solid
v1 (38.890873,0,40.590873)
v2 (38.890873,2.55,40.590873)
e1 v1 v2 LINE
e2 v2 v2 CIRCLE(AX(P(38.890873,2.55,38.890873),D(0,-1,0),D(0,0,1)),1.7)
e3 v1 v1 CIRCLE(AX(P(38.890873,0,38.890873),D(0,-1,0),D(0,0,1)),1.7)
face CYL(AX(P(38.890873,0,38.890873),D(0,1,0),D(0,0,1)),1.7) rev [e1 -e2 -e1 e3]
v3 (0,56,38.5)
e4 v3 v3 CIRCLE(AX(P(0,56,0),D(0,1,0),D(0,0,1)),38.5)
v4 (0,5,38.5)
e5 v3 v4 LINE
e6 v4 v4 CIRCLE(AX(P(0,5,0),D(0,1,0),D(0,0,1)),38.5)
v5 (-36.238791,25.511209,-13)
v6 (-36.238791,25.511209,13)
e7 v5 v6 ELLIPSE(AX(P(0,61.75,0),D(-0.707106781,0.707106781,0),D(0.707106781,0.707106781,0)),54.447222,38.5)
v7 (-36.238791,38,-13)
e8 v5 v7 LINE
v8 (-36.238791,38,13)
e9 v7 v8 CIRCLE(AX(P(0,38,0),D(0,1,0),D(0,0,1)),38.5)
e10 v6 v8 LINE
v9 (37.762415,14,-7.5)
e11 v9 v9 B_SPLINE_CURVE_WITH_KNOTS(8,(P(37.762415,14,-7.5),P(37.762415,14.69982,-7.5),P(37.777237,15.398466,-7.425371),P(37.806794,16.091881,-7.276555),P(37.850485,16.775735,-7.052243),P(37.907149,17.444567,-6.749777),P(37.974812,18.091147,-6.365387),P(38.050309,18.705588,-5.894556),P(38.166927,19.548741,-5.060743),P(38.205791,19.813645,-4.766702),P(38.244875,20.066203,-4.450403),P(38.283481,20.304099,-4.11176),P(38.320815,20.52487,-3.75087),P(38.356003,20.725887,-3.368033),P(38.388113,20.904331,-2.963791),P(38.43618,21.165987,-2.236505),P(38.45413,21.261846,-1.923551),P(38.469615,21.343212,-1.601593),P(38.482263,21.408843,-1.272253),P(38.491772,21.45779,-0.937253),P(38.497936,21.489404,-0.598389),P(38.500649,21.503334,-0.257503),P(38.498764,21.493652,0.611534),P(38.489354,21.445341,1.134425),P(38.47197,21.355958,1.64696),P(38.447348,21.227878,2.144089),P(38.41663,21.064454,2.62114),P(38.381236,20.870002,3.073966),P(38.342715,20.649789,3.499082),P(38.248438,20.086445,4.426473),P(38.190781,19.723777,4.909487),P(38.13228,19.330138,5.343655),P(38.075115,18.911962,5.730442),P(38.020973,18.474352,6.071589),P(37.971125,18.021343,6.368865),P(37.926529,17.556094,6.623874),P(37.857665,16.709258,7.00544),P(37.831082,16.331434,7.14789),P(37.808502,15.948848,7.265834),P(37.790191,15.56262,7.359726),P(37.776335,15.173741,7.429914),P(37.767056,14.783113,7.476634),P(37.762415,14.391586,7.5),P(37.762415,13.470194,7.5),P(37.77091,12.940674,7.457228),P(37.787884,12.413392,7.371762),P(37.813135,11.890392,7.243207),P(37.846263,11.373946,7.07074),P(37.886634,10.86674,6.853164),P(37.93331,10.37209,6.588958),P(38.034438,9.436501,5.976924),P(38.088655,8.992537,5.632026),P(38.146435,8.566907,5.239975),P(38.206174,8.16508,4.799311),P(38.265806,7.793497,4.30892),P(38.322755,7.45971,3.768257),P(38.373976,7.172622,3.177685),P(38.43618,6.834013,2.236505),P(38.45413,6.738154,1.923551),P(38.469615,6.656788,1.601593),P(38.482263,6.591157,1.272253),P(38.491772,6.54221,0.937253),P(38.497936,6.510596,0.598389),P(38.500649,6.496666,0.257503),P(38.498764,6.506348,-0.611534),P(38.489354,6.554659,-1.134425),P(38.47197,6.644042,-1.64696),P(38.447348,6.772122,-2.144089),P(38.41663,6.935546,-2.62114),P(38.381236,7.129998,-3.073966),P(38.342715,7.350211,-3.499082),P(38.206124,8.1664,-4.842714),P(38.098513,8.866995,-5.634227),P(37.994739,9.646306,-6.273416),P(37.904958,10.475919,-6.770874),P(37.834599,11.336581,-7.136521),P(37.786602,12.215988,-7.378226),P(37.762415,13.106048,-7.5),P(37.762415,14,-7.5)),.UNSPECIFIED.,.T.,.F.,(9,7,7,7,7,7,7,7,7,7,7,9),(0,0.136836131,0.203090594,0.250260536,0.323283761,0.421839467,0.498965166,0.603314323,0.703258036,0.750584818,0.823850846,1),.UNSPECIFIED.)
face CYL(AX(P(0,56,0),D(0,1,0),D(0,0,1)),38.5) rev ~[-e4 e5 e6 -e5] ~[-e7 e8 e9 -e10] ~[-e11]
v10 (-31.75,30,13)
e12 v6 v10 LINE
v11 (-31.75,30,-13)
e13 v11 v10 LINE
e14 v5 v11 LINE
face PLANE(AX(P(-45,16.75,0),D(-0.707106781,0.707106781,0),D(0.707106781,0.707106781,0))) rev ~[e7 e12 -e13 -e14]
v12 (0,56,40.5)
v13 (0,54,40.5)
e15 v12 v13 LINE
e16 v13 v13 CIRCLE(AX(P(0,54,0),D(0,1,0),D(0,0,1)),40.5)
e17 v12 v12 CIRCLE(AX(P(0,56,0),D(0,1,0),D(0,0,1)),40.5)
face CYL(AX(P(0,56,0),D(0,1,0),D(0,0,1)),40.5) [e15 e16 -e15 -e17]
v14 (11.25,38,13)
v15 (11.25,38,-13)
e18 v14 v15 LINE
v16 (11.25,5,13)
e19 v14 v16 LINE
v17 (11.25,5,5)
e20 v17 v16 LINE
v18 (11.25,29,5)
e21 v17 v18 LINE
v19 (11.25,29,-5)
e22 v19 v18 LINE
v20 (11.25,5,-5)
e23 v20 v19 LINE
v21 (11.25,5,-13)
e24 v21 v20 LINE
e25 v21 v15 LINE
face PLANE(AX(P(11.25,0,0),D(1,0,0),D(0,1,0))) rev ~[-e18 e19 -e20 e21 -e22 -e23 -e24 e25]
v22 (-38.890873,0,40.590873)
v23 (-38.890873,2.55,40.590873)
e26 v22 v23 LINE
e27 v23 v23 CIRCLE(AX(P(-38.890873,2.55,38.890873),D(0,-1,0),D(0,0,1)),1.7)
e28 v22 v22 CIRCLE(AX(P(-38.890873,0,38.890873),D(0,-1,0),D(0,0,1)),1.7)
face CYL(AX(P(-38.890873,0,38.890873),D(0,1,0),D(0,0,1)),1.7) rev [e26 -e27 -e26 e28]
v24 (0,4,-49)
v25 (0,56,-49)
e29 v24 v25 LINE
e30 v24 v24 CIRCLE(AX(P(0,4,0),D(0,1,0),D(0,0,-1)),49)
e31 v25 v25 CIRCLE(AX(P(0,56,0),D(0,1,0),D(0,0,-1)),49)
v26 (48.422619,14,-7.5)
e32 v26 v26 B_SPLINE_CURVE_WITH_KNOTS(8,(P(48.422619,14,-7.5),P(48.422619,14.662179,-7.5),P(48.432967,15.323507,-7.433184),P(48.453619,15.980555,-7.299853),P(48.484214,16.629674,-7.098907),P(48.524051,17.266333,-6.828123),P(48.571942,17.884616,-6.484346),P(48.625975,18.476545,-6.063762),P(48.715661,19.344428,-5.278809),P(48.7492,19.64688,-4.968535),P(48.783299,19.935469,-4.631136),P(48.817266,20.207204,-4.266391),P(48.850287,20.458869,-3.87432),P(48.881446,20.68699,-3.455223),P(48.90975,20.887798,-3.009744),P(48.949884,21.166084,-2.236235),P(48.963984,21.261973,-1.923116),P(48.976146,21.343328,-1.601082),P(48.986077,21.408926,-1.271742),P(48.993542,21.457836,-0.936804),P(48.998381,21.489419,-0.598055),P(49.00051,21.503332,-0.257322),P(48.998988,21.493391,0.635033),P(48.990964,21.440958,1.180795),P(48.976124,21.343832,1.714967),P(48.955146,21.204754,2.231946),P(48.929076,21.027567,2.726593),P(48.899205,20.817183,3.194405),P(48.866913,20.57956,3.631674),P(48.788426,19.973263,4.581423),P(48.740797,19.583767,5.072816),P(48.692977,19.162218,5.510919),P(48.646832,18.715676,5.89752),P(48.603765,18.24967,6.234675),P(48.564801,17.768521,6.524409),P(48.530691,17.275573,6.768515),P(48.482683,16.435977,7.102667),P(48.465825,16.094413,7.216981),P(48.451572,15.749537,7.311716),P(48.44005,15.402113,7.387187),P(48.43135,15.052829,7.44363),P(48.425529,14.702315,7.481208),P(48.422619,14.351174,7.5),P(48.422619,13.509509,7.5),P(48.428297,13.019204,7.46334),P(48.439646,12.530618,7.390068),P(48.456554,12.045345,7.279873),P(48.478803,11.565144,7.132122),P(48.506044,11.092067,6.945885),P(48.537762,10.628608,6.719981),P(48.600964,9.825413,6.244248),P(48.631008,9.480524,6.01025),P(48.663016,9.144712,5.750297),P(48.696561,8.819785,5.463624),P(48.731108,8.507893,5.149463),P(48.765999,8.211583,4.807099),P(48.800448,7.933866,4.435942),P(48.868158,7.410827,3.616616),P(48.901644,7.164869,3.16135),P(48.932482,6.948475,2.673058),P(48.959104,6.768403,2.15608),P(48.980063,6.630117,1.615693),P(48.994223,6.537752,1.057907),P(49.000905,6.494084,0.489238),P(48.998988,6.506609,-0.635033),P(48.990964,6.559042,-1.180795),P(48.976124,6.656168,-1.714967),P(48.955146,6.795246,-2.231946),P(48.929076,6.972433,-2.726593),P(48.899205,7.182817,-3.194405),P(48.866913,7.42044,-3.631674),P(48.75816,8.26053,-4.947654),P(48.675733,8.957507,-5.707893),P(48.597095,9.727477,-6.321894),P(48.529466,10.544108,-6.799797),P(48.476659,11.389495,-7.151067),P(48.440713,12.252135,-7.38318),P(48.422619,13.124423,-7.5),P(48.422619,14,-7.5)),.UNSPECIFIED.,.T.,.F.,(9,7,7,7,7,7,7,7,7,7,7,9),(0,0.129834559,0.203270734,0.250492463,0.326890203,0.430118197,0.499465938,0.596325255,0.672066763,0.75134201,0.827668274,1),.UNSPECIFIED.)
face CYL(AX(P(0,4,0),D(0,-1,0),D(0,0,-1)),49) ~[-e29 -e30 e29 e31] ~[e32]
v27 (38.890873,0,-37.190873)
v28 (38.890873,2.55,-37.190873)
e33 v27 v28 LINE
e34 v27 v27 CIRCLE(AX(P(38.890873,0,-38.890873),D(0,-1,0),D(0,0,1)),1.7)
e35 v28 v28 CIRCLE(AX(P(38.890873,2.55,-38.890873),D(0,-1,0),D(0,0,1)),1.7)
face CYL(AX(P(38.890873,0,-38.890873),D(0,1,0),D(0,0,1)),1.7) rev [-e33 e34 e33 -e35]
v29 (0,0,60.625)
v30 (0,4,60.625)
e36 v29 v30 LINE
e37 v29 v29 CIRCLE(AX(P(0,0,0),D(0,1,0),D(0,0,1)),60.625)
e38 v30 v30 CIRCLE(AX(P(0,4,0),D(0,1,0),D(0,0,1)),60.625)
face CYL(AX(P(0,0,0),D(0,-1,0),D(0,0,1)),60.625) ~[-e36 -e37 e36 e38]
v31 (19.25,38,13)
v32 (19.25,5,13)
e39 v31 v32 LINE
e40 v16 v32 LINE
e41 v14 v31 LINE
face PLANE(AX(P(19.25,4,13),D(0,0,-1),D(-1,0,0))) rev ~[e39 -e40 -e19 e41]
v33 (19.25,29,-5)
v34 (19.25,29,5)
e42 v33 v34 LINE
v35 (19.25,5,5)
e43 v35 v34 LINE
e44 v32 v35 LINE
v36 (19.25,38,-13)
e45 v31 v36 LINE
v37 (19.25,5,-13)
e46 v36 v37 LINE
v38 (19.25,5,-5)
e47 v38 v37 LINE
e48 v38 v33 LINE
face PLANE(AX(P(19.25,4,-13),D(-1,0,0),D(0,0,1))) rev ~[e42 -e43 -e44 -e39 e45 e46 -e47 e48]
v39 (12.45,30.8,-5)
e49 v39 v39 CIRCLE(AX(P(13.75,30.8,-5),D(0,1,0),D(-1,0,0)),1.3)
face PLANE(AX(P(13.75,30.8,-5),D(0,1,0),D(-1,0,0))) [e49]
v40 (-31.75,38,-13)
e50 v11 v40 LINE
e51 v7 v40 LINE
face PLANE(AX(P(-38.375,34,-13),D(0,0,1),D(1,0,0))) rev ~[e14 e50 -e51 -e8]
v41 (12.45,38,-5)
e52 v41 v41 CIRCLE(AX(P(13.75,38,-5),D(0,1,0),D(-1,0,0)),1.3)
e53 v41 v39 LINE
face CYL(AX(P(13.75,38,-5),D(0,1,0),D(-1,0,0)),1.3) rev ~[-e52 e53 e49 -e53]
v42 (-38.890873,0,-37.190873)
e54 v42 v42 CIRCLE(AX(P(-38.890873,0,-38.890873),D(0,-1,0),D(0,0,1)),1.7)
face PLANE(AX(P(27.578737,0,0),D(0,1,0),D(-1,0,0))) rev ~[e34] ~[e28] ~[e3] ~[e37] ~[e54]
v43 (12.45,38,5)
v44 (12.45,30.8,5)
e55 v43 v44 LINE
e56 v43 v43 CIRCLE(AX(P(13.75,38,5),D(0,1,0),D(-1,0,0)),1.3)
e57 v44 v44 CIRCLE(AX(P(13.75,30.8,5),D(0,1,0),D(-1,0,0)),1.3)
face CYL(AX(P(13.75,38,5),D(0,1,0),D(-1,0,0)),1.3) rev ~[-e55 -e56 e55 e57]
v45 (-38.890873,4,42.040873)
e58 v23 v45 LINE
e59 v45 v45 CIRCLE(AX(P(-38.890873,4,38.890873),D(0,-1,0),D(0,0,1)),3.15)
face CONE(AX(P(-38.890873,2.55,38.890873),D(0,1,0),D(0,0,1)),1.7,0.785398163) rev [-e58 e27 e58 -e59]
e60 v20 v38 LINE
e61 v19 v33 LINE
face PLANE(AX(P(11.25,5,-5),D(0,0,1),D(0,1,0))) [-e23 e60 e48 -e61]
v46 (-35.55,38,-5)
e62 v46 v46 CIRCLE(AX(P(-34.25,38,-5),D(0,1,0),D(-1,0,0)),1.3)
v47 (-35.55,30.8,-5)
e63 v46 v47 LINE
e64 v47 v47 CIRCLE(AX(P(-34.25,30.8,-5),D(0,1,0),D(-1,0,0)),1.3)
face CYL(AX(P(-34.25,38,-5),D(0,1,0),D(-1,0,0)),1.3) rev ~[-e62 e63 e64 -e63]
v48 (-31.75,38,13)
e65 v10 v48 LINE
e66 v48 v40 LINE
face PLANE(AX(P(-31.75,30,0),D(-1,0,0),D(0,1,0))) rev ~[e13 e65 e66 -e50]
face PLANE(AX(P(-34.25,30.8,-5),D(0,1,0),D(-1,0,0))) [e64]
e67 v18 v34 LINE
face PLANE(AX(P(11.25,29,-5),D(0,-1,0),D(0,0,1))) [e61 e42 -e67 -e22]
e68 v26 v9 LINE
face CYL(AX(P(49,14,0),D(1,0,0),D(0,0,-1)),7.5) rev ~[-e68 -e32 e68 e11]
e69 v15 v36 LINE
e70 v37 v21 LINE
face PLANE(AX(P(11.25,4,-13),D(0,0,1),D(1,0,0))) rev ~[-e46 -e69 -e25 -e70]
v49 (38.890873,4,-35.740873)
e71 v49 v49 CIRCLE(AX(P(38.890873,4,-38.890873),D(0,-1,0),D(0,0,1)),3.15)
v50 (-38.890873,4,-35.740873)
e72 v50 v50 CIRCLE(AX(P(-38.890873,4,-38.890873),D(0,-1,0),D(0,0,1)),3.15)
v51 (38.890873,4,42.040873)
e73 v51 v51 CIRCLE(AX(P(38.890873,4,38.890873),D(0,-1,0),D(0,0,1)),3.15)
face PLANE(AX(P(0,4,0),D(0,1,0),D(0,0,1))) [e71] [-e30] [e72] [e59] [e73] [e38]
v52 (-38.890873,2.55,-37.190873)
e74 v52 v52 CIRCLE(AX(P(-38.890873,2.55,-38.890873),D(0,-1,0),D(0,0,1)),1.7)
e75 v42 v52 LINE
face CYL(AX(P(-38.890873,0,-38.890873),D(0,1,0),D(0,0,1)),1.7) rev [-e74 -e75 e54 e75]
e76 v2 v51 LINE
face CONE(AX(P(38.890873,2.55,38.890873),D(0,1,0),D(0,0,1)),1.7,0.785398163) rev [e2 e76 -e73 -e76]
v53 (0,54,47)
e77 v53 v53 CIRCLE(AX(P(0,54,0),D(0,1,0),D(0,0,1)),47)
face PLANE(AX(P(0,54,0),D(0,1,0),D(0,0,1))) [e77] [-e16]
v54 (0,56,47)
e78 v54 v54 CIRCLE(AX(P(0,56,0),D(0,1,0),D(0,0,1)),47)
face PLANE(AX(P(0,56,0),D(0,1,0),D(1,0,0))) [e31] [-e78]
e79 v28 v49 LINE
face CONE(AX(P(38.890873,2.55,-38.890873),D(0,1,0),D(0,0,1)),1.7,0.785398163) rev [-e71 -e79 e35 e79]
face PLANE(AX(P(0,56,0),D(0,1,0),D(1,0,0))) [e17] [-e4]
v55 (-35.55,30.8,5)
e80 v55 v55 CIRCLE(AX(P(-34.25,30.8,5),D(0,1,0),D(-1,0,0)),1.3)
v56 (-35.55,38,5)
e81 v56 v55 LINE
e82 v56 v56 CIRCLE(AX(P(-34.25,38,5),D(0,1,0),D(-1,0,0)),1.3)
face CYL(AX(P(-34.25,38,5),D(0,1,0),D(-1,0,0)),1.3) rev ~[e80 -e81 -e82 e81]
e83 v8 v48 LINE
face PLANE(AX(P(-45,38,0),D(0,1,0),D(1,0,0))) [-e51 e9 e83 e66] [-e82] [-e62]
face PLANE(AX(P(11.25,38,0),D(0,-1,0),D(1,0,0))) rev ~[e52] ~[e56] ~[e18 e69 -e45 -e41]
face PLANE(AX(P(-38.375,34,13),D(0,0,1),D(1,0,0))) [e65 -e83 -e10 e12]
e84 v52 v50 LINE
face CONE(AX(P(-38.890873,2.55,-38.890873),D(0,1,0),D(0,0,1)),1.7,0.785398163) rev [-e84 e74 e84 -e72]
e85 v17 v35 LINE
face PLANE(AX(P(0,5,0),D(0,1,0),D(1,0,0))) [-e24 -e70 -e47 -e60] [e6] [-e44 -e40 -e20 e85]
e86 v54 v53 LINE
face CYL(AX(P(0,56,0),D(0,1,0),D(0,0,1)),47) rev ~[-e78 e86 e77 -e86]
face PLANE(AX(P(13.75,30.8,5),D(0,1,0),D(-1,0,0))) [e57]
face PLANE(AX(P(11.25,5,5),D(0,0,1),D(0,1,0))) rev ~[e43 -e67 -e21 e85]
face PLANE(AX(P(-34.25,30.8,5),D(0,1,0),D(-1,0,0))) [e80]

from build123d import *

# Parameters (mm, degrees)
SKETCH1_R                                    = 60.625
SKETCH1_R_2                                  = 45
BOSS_EXTRUDE1_DEPTH                          = 4
SKETCH2_R                                    = 49
SKETCH2_R_2                                  = 45
BOSS_EXTRUDE2_DEPTH                          = 52
SKETCH4_W                                    = 13.25
SKETCH4_H                                    = 8
SKETCH4_W_2                                  = 8
SKETCH4_H_2                                  = 38
BOSS_EXTRUDE4_DEPTH                          = 13
BOSS_EXTRUDE5_DEPTH                          = 4
BOSS_EXTRUDE6_REACH                          = 104.405
SKETCH18_R                                   = 45.113728165
SKETCH18_R_2                                 = 38.5
SKETCH7_R                                    = 1.3
CUT_EXTRUDE4_DEPTH                           = 7.2
SKETCH9_W                                    = 10
SKETCH9_H                                    = 24
CUT_EXTRUDE7_DEPTH                           = 8
SKETCH11_R                                   = 7.5
CUT_EXTRUDE8_DEPTH                           = 20
CUT_EXTRUDE9_DEPTH                           = 101.273532203
CSK_FOR_M3_COUNTERSUNK_FLAT_HEAD_SCR_2_COUNT = 2
CSK_FOR_M3_COUNTERSUNK_FLAT_HEAD_SCR_2_PITCH = 77.781745931
CSK_FOR_M3_COUNTERSUNK_FLAT_HEAD_SCR_3_COUNT = 2
CSK_FOR_M3_COUNTERSUNK_FLAT_HEAD_SCR_3_PITCH = 110
CSK_FOR_M3_COUNTERSUNK_FLAT_HEAD_SCR_4_COUNT = 2
CSK_FOR_M3_COUNTERSUNK_FLAT_HEAD_SCR_4_PITCH = 77.781745931
SKETCH20_R                                   = 38.708370422
BOSS_EXTRUDE7_DEPTH                          = 5
SKETCH21_R                                   = 47
SKETCH21_R_2                                 = 40.5
CUT_EXTRUDE10_DEPTH                          = 2


with BuildPart() as part:
    # Sketch1 → Boss-Extrude1 (new body)
    with BuildSketch(Plane(origin=(0, 0, 0), x_dir=(1, 0, 0), z_dir=(0, 1, 0))):
        with Locations(Location((0, 0, 0), (0, 0, 270))):
            Circle(SKETCH1_R)
        with Locations(Location((0, 0, 0), (0, 0, 270))):
            Circle(SKETCH1_R_2, mode=Mode.SUBTRACT)
    extrude(amount=BOSS_EXTRUDE1_DEPTH)

    # Sketch2 → Boss-Extrude2 (add)
    with BuildSketch(Plane(origin=(0, 4, 0), x_dir=(1, 0, 0), z_dir=(0, 1, 0))):
        with Locations(Location((0, 0, 0), (0, 0, 90))):
            Circle(SKETCH2_R)
        with Locations(Location((0, 0, 0), (0, 0, 270))):
            Circle(SKETCH2_R_2, mode=Mode.SUBTRACT)
    extrude(amount=BOSS_EXTRUDE2_DEPTH)

    # Sketch4 → Boss-Extrude4 (add, symmetric)
    with BuildSketch(Plane.XY):
        with Locations((-38.375, 34)):
            Rectangle(SKETCH4_W, SKETCH4_H)
        Polygon((-31.75, 30), (-45, 30), (-45, 16.75), align=None)
        with Locations((15.25, 19)):
            Rectangle(SKETCH4_W_2, SKETCH4_H_2)
    extrude(amount=BOSS_EXTRUDE4_DEPTH, both=True)


with BuildPart() as boss_extrude4_piece_1:
    # of the separate pieces the step leaves, piece 1, a body of its own (boss_extrude4_pieces)
    add(part.part.solids().sort_by_distance((0, 0, 60.625))[0])



with BuildPart() as boss_extrude4_piece_2:
    # of the separate pieces the step leaves, piece 2, a body of its own (boss_extrude4_pieces)
    add(part.part.solids().sort_by_distance((11.25, 38, -13))[0])


with BuildPart() as boss_extrude4_piece_1_1:
    add(boss_extrude4_piece_1.part)

    add(boss_extrude4_piece_2.part)  # Boss-Extrude5 merges Boss-Extrude4 piece 2
    # Sketch5 → Boss-Extrude5 (add)
    with BuildSketch(Plane.XZ):
        with BuildLine():
            Line((11.25, 13), (29.067400866, 34.352382842))
            ThreePointArc((29.067400866, 34.352382842), (45, 0), (29.067400866, -34.352382842))
            Line((29.067400866, -34.352382842), (11.25, -13))
            Line((11.25, -13), (11.25, 13))
        make_face()
    extrude(amount=-BOSS_EXTRUDE5_DEPTH)

    # Boss-Extrude6: up to this face of the body (flat: up to its plane)
    boss_extrude6_end = Plane(boss_extrude4_piece_1_1.part.faces().sort_by_distance((12.964733944, 0, 0))[0])
    # Sketch18 → Boss-Extrude6 (add, up to the picked face)
    with BuildSketch(Plane(origin=(0, 56, 0), x_dir=(1, 0, 0), z_dir=(0, 1, 0)), mode=Mode.PRIVATE) as boss_extrude6_sk1:
        Circle(SKETCH18_R)
        with Locations(Location((0, 0, 0), (0, 0, 270))):
            Circle(SKETCH18_R_2, mode=Mode.SUBTRACT)
    boss_extrude6_tool1 = split(extrude(boss_extrude6_sk1.sketch, amount=-BOSS_EXTRUDE6_REACH, mode=Mode.PRIVATE), bisect_by=boss_extrude6_end, keep=Keep.BOTH, mode=Mode.PRIVATE)
    add(boss_extrude6_tool1.solids().sort_by(Axis((-43.837719, 56, 0), (0, -1, 0)))[0])

    # Sketch7 → Cut-Extrude4 (cut)
    with BuildSketch(Plane(origin=(0, 38, 0), x_dir=(1, 0, 0), z_dir=(0, 1, 0))):
        with Locations(Location((-34.25, 5, 0), (0, 0, 180))):
            Circle(SKETCH7_R)
        with Locations(Location((-34.25, -5, 0), (0, 0, 180))):
            Circle(SKETCH7_R)
        with Locations(Location((13.75, 5, 0), (0, 0, 180))):
            Circle(SKETCH7_R)
        with Locations(Location((13.75, -5, 0), (0, 0, 180))):
            Circle(SKETCH7_R)
    extrude(amount=-CUT_EXTRUDE4_DEPTH, mode=Mode.SUBTRACT)

    # Sketch9 → Cut-Extrude7 (cut)
    with BuildSketch(Plane.ZY.offset(-11.25)):
        with Locations((0, 17)):
            Rectangle(SKETCH9_W, SKETCH9_H)
    extrude(amount=-CUT_EXTRUDE7_DEPTH, mode=Mode.SUBTRACT)

    # Sketch11 → Cut-Extrude8 (cut)
    with BuildSketch(Plane(origin=(49, 0, 0), x_dir=(0, 0, -1), z_dir=(1, 0, 0))):
        with Locations((0, 14)):
            Circle(SKETCH11_R)
    extrude(amount=-CUT_EXTRUDE8_DEPTH, mode=Mode.SUBTRACT)

    # Sketch12 → Cut-Extrude9 (cut, through all)
    # profile 1 of 2: a face of its own
    with BuildSketch(Plane(origin=(0, 4, 0), x_dir=(1, 0, 0), z_dir=(0, 1, 0))):
        with BuildLine():
            Line((19.25, -13), (11.25, -13))
            Line((11.25, -13), (24.902812686, -29.361538112))
            ThreePointArc((24.902812686, -29.361538112), (38.5, 0), (24.902812686, 29.361538112))
            Line((24.902812686, 29.361538112), (11.25, 13))
            Line((11.25, 13), (19.25, 13))
            Line((19.25, 13), (19.25, -13))
        make_face()
        with BuildLine():
            Line((27.25, -13.699908759), (27.25, 13.699908759))
            ThreePointArc((27.25, 13.699908759), (30.5, 0), (27.25, -13.699908759))
        make_face(mode=Mode.SUBTRACT)
    # profile 2 of 2: a face of its own
    with BuildSketch(Plane(origin=(0, 4, 0), x_dir=(1, 0, 0), z_dir=(0, 1, 0))):
        with BuildLine():
            ThreePointArc((27.25, -13.699908759), (30.5, 0), (27.25, 13.699908759))
            Line((27.25, 13.699908759), (27.25, -13.699908759))
        make_face()
    extrude(amount=-CUT_EXTRUDE9_DEPTH, mode=Mode.SUBTRACT)


with BuildPart() as cut_extrude9_piece_1:
    # of the separate pieces the step leaves, piece 1, a body of its own (cut_extrude9_pieces)
    add(boss_extrude4_piece_1_1.part.solids().sort_by_distance((0, 0, 38.5))[0])

    # Sketch17 → CSK for M3 Countersunk Flat Head Screw1 (revolve, cut)
    with BuildSketch(Plane(origin=(-38.890872965, 4, -38.890872965), x_dir=(0, 0, 1), z_dir=(1, 0, 0))):
        Polygon((0, 0), (0, 4), (1.7, 4), (1.7, 1.45), (3.15, 0), align=None)
    csk_for_m3_countersunk_flat_head_screw1 = revolve(axis=Axis((-38.890872965, 10.35, -38.890872965), (0, -1, 0)), mode=Mode.SUBTRACT)

    # CSK for M3 Countersunk Flat Head Scr 2: CSK for M3 Countersunk Flat Head Screw1 ×2
    with Locations(*[(0, 0, i * CSK_FOR_M3_COUNTERSUNK_FLAT_HEAD_SCR_2_PITCH) for i in range(1, CSK_FOR_M3_COUNTERSUNK_FLAT_HEAD_SCR_2_COUNT)]):
        add(csk_for_m3_countersunk_flat_head_screw1, mode=Mode.SUBTRACT)

    # CSK for M3 Countersunk Flat Head Scr 3: CSK for M3 Countersunk Flat Head Screw1 ×2
    with Locations(*[Vector(0.7071067811865713, 0, 0.7071067811865237) * (i * CSK_FOR_M3_COUNTERSUNK_FLAT_HEAD_SCR_3_PITCH) for i in range(1, CSK_FOR_M3_COUNTERSUNK_FLAT_HEAD_SCR_3_COUNT)]):
        add(csk_for_m3_countersunk_flat_head_screw1, mode=Mode.SUBTRACT)

    # CSK for M3 Countersunk Flat Head Scr 4: CSK for M3 Countersunk Flat Head Screw1 ×2
    with Locations(*[(i * CSK_FOR_M3_COUNTERSUNK_FLAT_HEAD_SCR_4_PITCH, 0, 0) for i in range(1, CSK_FOR_M3_COUNTERSUNK_FLAT_HEAD_SCR_4_COUNT)]):
        add(csk_for_m3_countersunk_flat_head_screw1, mode=Mode.SUBTRACT)



with BuildPart() as cut_extrude9_piece_2:
    # of the separate pieces the step leaves, piece 2, a body of its own (cut_extrude9_pieces)
    add(boss_extrude4_piece_1_1.part.solids().sort_by_distance((11.25, 38, -13))[0])


with BuildPart() as cut_extrude9_piece_1_1:
    add(cut_extrude9_piece_1.part)

    add(cut_extrude9_piece_2.part)  # Boss-Extrude7 merges Cut-Extrude9 piece 2
    # Sketch20 → Boss-Extrude7 (add)
    with BuildSketch(Plane(origin=(0, 5, 0), x_dir=(1, 0, 0), z_dir=(0, 1, 0))):
        Circle(SKETCH20_R)
    extrude(amount=-BOSS_EXTRUDE7_DEPTH)

    # Sketch21 → Cut-Extrude10 (cut)
    with BuildSketch(Plane(origin=(0, 56, 0), x_dir=(1, 0, 0), z_dir=(0, 1, 0))):
        with Locations(Location((0, 0, 0), (0, 0, 270))):
            Circle(SKETCH21_R)
        with Locations(Location((0, 0, 0), (0, 0, 270))):
            Circle(SKETCH21_R_2, mode=Mode.SUBTRACT)
    extrude(amount=-CUT_EXTRUDE10_DEPTH, mode=Mode.SUBTRACT)


solid = cut_extrude9_piece_1_1.part
